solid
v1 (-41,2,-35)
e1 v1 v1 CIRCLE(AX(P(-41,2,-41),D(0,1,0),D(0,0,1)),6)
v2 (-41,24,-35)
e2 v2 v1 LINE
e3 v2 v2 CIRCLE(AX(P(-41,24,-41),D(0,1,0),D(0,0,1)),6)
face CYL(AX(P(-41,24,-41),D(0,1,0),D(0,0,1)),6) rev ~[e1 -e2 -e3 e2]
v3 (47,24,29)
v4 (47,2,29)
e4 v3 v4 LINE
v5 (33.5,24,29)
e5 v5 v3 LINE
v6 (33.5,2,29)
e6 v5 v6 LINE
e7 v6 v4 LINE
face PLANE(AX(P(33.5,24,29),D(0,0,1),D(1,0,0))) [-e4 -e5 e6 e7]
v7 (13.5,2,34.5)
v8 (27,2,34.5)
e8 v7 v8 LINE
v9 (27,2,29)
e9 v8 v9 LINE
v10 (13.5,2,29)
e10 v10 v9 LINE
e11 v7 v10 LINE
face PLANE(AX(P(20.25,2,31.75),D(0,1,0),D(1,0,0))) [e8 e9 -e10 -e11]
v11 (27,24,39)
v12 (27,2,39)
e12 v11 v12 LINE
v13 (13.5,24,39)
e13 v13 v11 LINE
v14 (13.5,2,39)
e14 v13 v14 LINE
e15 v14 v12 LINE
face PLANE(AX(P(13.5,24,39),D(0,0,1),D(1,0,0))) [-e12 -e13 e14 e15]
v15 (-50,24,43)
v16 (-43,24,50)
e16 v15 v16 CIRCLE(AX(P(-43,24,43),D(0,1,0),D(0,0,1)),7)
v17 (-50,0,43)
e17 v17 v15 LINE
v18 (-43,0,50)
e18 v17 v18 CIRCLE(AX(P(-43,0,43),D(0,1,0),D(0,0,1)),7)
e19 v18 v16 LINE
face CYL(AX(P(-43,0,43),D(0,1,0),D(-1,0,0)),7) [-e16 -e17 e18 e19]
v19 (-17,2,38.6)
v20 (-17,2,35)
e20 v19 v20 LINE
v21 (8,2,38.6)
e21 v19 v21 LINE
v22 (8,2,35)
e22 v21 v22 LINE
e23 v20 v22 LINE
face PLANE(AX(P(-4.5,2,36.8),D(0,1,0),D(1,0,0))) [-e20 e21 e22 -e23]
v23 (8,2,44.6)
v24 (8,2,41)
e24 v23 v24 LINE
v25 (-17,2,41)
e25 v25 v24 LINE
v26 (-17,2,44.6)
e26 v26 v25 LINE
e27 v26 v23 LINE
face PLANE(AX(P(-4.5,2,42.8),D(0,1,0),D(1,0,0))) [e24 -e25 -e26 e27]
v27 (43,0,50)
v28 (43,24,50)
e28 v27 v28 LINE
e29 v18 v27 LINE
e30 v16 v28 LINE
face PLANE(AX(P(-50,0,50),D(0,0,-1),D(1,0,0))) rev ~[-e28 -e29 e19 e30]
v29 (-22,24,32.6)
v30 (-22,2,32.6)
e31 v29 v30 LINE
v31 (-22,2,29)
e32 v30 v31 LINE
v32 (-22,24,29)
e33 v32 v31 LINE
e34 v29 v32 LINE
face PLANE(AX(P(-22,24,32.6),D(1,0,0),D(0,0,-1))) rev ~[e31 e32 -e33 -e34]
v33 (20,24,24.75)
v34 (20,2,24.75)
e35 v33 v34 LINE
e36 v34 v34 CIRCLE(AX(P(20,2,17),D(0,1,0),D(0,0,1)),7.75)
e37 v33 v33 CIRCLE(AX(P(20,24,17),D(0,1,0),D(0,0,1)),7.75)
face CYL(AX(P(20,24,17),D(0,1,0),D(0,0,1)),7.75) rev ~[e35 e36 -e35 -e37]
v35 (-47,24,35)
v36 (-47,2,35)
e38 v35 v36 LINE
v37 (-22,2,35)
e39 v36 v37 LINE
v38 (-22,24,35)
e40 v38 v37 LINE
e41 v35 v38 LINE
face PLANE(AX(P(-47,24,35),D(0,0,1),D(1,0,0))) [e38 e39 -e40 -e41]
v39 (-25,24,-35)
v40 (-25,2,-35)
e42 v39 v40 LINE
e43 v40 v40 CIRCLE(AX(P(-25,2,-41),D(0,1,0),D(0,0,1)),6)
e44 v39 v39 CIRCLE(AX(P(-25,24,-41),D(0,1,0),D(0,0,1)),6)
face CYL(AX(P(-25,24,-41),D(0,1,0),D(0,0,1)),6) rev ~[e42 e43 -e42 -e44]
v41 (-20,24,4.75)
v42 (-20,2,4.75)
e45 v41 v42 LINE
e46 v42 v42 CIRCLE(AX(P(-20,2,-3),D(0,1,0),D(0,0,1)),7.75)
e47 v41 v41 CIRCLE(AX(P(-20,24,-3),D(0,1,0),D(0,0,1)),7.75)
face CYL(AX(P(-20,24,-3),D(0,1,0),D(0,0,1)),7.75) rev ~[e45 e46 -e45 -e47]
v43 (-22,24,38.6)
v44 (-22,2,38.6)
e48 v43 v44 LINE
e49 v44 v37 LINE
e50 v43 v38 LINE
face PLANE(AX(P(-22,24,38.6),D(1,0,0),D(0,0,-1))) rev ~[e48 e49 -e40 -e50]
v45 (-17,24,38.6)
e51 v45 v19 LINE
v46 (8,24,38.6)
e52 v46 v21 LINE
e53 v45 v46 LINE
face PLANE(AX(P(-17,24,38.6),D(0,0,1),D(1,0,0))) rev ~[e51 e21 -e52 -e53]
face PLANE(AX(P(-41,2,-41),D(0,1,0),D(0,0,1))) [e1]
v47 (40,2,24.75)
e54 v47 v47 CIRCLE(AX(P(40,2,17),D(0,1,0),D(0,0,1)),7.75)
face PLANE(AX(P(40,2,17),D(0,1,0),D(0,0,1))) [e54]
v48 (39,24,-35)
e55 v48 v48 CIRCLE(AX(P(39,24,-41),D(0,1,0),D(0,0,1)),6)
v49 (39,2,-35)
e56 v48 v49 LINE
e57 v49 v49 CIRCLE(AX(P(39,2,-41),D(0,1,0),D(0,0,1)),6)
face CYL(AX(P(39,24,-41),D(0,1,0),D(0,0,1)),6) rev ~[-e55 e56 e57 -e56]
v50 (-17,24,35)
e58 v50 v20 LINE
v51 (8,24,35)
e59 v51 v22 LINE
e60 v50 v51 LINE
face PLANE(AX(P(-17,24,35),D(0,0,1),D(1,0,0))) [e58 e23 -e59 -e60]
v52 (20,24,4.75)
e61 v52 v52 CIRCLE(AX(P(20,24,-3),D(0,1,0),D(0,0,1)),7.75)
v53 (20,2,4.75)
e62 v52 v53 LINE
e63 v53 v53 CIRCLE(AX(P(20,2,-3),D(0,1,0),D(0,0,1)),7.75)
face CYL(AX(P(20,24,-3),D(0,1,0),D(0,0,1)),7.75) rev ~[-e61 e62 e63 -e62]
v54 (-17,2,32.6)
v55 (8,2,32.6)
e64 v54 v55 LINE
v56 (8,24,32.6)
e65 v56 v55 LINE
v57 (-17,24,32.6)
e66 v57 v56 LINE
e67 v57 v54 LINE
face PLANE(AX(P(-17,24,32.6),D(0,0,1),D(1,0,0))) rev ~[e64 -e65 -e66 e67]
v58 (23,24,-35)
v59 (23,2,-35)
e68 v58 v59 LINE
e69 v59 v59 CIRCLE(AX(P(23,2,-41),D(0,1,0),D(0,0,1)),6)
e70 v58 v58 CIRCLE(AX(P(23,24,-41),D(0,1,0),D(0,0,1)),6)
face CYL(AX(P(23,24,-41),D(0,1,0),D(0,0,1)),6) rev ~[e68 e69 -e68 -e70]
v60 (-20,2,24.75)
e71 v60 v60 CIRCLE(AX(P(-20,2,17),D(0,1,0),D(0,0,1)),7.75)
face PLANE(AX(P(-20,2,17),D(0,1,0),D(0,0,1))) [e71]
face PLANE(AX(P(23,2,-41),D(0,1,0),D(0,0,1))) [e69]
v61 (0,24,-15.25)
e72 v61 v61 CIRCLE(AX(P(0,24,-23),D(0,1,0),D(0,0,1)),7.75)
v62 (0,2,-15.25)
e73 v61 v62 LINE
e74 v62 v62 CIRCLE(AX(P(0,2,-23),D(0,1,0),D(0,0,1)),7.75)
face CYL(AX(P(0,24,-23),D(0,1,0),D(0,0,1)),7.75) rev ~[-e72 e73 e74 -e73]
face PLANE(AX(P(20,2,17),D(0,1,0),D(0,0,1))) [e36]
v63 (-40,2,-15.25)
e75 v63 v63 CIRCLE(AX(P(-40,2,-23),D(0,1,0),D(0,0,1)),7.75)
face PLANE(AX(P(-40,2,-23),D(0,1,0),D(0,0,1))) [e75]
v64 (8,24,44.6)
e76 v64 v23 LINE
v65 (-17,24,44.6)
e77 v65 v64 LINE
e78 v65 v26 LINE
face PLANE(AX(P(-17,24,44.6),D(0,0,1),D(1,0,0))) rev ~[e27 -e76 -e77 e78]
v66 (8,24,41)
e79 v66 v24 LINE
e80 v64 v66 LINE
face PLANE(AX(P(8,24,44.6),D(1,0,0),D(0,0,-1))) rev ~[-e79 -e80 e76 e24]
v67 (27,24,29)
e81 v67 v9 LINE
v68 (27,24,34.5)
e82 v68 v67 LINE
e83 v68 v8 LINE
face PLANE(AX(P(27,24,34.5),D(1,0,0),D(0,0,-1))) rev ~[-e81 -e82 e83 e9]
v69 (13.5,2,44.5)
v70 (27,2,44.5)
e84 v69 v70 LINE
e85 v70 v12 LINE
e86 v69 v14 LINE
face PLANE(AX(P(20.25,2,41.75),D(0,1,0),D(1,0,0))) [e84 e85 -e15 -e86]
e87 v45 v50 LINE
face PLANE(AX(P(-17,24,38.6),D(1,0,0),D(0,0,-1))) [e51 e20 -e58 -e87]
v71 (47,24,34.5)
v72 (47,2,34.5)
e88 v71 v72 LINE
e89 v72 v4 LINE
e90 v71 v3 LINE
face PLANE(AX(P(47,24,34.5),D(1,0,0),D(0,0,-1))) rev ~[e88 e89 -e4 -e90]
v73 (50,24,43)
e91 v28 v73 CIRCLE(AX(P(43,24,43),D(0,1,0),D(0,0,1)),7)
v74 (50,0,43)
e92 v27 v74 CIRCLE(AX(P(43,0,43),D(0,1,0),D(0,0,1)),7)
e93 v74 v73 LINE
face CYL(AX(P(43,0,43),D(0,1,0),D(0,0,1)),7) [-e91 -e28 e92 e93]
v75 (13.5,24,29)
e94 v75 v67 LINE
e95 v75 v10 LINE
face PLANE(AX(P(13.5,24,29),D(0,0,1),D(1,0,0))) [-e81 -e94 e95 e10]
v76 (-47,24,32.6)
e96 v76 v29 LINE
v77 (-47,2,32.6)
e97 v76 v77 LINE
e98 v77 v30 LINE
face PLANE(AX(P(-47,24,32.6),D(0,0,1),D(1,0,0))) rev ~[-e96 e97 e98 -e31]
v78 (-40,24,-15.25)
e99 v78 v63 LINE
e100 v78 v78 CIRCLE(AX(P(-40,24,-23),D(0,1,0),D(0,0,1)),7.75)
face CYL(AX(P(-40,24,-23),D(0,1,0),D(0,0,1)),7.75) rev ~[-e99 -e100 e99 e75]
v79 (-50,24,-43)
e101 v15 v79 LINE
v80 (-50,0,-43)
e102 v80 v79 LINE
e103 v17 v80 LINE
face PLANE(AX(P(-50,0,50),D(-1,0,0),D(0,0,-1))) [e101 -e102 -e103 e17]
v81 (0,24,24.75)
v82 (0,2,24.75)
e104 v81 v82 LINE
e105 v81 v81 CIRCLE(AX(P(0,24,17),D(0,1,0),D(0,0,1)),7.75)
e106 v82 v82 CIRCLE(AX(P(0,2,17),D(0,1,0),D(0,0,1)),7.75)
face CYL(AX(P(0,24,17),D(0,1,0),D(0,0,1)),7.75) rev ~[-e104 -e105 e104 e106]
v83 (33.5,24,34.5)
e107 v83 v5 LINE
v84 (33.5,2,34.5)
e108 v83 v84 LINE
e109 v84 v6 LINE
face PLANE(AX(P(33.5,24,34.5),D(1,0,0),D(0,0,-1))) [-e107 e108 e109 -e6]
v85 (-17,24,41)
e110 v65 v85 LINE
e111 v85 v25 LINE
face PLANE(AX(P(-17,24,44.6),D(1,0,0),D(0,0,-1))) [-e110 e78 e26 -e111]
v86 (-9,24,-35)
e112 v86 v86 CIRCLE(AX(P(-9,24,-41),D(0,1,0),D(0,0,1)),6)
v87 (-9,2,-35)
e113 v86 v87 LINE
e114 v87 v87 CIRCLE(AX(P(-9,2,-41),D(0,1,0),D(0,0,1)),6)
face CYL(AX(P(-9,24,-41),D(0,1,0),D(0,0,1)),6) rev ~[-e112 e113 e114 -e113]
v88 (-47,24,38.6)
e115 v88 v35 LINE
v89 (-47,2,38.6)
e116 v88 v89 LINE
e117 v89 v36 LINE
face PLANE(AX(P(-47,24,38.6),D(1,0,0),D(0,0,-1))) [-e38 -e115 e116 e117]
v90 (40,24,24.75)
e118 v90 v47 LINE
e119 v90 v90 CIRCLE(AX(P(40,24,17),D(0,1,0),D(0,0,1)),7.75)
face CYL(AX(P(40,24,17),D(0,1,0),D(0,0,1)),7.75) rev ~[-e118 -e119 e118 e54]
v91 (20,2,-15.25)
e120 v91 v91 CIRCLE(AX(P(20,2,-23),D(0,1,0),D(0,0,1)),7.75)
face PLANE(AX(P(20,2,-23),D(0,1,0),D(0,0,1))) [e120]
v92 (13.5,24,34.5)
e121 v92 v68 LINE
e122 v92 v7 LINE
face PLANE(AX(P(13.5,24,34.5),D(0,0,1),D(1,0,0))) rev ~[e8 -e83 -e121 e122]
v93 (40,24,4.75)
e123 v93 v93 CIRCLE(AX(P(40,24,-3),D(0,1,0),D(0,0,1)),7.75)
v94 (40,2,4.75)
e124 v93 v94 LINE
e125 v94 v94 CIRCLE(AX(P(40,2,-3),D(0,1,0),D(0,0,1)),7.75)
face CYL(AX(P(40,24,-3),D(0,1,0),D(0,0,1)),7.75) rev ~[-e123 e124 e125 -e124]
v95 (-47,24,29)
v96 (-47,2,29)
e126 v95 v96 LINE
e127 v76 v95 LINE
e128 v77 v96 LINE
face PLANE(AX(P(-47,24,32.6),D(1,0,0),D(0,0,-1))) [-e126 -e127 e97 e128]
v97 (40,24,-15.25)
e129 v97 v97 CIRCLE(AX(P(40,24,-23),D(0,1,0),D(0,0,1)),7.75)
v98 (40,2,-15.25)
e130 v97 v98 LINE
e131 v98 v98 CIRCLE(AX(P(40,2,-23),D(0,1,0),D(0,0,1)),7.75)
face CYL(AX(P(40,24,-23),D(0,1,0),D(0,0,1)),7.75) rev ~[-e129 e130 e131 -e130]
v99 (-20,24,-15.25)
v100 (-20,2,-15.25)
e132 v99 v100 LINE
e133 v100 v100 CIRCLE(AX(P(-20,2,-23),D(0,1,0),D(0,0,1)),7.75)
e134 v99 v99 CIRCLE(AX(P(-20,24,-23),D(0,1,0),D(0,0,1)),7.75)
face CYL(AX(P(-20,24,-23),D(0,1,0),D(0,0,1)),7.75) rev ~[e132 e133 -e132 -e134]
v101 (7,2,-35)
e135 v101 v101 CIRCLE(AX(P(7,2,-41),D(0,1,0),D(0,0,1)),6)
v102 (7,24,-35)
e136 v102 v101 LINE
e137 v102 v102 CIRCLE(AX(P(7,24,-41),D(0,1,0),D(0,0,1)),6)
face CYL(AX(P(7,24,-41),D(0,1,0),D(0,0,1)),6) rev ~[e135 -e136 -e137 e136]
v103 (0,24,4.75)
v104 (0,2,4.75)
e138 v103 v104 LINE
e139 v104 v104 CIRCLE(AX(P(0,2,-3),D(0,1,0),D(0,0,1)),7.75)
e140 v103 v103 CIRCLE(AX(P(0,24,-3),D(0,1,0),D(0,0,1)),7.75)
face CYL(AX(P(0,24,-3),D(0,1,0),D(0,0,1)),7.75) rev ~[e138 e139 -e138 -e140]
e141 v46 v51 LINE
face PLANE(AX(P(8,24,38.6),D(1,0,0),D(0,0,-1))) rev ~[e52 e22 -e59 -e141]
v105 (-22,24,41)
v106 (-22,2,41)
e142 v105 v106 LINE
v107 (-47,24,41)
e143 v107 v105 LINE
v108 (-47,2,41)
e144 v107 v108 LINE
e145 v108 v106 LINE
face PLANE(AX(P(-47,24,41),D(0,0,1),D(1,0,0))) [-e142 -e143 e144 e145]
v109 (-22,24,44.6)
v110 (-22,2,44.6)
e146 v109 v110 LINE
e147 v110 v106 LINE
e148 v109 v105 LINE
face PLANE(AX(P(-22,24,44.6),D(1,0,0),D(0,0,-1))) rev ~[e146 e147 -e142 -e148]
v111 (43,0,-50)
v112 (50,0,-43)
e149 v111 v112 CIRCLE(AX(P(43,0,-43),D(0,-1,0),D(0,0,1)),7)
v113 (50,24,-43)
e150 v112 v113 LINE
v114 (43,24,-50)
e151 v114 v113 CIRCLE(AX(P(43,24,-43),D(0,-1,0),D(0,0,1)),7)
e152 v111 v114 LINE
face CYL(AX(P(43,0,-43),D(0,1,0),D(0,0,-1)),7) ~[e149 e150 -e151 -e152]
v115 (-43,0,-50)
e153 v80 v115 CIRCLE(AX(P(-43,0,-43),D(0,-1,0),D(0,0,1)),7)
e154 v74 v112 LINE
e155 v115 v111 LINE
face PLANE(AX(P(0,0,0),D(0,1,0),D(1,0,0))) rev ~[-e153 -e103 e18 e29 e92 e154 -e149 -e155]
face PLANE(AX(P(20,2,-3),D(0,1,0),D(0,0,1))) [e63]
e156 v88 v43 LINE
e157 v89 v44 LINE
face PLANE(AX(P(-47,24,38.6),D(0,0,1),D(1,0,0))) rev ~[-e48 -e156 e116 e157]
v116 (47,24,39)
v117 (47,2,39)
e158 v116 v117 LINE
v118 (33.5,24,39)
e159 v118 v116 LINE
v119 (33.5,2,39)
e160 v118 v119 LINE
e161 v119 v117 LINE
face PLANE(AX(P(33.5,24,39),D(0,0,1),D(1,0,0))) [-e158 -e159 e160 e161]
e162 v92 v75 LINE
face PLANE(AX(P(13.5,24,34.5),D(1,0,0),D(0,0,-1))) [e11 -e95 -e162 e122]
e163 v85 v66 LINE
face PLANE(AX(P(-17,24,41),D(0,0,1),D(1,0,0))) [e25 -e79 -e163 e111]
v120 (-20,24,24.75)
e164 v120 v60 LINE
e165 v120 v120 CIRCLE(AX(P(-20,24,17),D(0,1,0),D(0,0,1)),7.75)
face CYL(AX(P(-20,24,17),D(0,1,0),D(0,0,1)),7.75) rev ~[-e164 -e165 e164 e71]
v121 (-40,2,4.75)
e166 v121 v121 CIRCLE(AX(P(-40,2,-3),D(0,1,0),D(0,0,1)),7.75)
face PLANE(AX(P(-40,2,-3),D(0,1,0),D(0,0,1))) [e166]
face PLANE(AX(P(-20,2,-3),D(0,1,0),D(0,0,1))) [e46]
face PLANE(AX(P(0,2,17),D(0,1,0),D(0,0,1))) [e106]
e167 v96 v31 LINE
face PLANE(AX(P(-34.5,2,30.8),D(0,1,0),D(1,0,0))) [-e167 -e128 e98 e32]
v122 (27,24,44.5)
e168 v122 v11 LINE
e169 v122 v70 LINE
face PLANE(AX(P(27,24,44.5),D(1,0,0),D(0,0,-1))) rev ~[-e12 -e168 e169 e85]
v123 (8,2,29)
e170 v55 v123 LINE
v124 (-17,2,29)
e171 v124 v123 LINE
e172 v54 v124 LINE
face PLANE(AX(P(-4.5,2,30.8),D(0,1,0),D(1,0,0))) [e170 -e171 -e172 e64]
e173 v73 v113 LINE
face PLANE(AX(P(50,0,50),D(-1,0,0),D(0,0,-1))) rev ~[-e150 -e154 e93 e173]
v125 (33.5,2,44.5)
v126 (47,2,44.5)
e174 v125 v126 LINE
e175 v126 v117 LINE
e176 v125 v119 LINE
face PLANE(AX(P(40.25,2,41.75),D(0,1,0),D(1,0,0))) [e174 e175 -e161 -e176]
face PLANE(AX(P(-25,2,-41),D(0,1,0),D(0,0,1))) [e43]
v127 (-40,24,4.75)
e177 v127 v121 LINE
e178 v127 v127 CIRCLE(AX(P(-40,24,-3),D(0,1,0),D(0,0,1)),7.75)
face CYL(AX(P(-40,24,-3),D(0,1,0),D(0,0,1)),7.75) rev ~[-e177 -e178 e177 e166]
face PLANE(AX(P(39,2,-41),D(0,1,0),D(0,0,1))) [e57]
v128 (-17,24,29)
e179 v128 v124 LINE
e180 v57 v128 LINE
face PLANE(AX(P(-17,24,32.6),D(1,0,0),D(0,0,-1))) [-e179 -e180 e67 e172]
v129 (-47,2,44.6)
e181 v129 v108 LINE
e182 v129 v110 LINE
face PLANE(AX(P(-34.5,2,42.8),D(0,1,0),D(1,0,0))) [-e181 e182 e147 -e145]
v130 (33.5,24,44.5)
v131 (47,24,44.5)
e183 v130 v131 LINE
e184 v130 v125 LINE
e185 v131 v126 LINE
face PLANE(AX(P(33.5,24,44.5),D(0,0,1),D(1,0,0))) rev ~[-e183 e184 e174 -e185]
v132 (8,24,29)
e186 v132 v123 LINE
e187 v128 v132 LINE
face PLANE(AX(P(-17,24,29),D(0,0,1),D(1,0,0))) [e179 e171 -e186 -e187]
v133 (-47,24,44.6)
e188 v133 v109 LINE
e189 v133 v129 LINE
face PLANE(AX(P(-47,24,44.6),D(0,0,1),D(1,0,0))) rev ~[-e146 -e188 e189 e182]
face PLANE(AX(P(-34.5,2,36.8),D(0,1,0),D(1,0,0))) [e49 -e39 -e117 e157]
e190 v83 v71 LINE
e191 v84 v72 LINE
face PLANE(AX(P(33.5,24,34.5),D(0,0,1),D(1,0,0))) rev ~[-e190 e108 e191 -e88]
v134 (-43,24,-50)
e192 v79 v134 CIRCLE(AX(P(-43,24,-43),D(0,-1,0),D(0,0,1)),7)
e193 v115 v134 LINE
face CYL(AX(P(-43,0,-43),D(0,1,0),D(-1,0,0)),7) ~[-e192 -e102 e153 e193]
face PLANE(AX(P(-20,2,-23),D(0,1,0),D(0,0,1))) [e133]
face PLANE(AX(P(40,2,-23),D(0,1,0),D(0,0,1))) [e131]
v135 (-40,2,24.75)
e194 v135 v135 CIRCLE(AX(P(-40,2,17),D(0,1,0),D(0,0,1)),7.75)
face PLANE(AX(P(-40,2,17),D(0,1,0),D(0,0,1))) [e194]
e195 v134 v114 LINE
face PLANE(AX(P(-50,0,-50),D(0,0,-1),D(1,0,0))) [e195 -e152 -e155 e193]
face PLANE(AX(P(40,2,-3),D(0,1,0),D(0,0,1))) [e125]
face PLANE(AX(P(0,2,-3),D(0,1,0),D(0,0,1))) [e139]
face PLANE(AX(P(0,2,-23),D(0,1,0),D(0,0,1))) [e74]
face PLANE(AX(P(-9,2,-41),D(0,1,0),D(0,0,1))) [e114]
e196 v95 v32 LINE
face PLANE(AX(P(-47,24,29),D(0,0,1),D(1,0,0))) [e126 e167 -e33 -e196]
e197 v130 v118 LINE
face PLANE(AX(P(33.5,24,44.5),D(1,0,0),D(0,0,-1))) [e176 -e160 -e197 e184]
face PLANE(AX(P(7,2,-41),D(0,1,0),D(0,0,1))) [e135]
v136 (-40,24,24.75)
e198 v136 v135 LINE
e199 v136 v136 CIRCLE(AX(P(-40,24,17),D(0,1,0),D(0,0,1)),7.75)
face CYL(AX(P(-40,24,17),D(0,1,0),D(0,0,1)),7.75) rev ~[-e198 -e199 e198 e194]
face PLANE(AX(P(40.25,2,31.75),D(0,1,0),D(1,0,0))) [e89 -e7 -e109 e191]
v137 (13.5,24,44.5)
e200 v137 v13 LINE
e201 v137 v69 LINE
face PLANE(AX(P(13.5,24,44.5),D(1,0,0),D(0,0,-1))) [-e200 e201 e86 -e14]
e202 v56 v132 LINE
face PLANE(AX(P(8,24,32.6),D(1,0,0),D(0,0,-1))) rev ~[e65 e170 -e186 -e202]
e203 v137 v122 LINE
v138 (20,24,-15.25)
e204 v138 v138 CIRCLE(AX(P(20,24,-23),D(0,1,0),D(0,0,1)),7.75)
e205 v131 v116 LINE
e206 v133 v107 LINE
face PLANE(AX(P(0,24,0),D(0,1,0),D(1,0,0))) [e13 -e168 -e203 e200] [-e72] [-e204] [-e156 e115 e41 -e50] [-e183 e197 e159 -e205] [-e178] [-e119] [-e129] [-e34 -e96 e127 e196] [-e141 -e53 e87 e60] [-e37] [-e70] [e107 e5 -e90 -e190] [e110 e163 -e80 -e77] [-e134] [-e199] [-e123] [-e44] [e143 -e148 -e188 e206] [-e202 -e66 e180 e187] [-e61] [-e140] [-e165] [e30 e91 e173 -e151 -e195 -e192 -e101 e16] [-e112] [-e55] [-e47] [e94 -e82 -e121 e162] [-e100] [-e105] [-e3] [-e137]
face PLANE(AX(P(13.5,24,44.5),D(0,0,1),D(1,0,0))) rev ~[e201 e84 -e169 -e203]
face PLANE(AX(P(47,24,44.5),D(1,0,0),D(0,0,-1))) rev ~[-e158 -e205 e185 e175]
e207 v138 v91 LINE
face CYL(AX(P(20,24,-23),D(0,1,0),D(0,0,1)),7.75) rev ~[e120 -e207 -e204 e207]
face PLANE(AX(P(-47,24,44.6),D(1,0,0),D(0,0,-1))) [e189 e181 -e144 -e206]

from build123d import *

# Parameters (mm, degrees)
SKETCH1_W           = 100
SKETCH1_H           = 100
BOSS_EXTRUDE1_DEPTH = 24
SKETCH2_R           = 6
SKETCH2_R_2         = 7.75
SKETCH2_W           = 25
SKETCH2_H           = 3.6
SKETCH2_W_2         = 13.5
SKETCH2_H_2         = 5.5
CUT_EXTRUDE1_DEPTH  = 22
FILLET1_R           = 7


with BuildPart() as part:
    # Sketch1 → Boss-Extrude1 (new body)
    with BuildSketch(Plane(origin=(0, 0, 0), x_dir=(1, 0, 0), z_dir=(0, 1, 0))):
        Rectangle(SKETCH1_W, SKETCH1_H)
    extrude(amount=BOSS_EXTRUDE1_DEPTH)

    # Sketch2 → Cut-Extrude1 (cut)
    with BuildSketch(Plane(origin=(0, 24, 0), x_dir=(1, 0, 0), z_dir=(0, 1, 0))):
        with Locations(Location((-41, 41, 0), (0, 0, 270))):
            Circle(SKETCH2_R)
        with Locations(Location((-25, 41, 0), (0, 0, 270))):
            Circle(SKETCH2_R)
        with Locations(Location((-9, 41, 0), (0, 0, 270))):
            Circle(SKETCH2_R)
        with Locations(Location((7, 41, 0), (0, 0, 270))):
            Circle(SKETCH2_R)
        with Locations(Location((23, 41, 0), (0, 0, 270))):
            Circle(SKETCH2_R)
        with Locations(Location((39, 41, 0), (0, 0, 270))):
            Circle(SKETCH2_R)
        with Locations(Location((-40, 23, 0), (0, 0, 270))):
            Circle(SKETCH2_R_2)
        with Locations(Location((-20, 23, 0), (0, 0, 270))):
            Circle(SKETCH2_R_2)
        with Locations(Location((0, 23, 0), (0, 0, 270))):
            Circle(SKETCH2_R_2)
        with Locations(Location((20, 23, 0), (0, 0, 270))):
            Circle(SKETCH2_R_2)
        with Locations(Location((40, 23, 0), (0, 0, 270))):
            Circle(SKETCH2_R_2)
        with Locations(Location((-20, 3, 0), (0, 0, 270))):
            Circle(SKETCH2_R_2)
        with Locations(Location((0, 3, 0), (0, 0, 270))):
            Circle(SKETCH2_R_2)
        with Locations(Location((20, 3, 0), (0, 0, 270))):
            Circle(SKETCH2_R_2)
        with Locations(Location((40, 3, 0), (0, 0, 270))):
            Circle(SKETCH2_R_2)
        with Locations(Location((-20, -17, 0), (0, 0, 270))):
            Circle(SKETCH2_R_2)
        with Locations(Location((0, -17, 0), (0, 0, 270))):
            Circle(SKETCH2_R_2)
        with Locations(Location((20, -17, 0), (0, 0, 270))):
            Circle(SKETCH2_R_2)
        with Locations(Location((40, -17, 0), (0, 0, 270))):
            Circle(SKETCH2_R_2)
        with Locations(Location((-40, 3, 0), (0, 0, 270))):
            Circle(SKETCH2_R_2)
        with Locations(Location((-40, -17, 0), (0, 0, 270))):
            Circle(SKETCH2_R_2)
        with Locations((-4.5, -30.8)):
            Rectangle(SKETCH2_W, SKETCH2_H)
        with Locations((-34.5, -30.8)):
            Rectangle(SKETCH2_W, SKETCH2_H)
        with Locations((-4.5, -36.8)):
            Rectangle(SKETCH2_W, SKETCH2_H)
        with Locations((-4.5, -42.8)):
            Rectangle(SKETCH2_W, SKETCH2_H)
        with Locations((-34.5, -36.8)):
            Rectangle(SKETCH2_W, SKETCH2_H)
        with Locations((-34.5, -42.8)):
            Rectangle(SKETCH2_W, SKETCH2_H)
        with Locations((20.25, -31.75)):
            Rectangle(SKETCH2_W_2, SKETCH2_H_2)
        with Locations((40.25, -31.75)):
            Rectangle(SKETCH2_W_2, SKETCH2_H_2)
        with Locations((20.25, -41.75)):
            Rectangle(SKETCH2_W_2, SKETCH2_H_2)
        with Locations((40.25, -41.75)):
            Rectangle(SKETCH2_W_2, SKETCH2_H_2)
    extrude(amount=-CUT_EXTRUDE1_DEPTH, mode=Mode.SUBTRACT)

    # Fillet1
    fillet1_edges = [part.edges().sort_by_distance(p)[0] for p in [
        (50, 12, 50),
        (-50, 12, 50),
        (-50, 12, -50),
        (50, 12, -50),
    ]]
    fillet(fillet1_edges, radius=FILLET1_R)


solid = part.part
